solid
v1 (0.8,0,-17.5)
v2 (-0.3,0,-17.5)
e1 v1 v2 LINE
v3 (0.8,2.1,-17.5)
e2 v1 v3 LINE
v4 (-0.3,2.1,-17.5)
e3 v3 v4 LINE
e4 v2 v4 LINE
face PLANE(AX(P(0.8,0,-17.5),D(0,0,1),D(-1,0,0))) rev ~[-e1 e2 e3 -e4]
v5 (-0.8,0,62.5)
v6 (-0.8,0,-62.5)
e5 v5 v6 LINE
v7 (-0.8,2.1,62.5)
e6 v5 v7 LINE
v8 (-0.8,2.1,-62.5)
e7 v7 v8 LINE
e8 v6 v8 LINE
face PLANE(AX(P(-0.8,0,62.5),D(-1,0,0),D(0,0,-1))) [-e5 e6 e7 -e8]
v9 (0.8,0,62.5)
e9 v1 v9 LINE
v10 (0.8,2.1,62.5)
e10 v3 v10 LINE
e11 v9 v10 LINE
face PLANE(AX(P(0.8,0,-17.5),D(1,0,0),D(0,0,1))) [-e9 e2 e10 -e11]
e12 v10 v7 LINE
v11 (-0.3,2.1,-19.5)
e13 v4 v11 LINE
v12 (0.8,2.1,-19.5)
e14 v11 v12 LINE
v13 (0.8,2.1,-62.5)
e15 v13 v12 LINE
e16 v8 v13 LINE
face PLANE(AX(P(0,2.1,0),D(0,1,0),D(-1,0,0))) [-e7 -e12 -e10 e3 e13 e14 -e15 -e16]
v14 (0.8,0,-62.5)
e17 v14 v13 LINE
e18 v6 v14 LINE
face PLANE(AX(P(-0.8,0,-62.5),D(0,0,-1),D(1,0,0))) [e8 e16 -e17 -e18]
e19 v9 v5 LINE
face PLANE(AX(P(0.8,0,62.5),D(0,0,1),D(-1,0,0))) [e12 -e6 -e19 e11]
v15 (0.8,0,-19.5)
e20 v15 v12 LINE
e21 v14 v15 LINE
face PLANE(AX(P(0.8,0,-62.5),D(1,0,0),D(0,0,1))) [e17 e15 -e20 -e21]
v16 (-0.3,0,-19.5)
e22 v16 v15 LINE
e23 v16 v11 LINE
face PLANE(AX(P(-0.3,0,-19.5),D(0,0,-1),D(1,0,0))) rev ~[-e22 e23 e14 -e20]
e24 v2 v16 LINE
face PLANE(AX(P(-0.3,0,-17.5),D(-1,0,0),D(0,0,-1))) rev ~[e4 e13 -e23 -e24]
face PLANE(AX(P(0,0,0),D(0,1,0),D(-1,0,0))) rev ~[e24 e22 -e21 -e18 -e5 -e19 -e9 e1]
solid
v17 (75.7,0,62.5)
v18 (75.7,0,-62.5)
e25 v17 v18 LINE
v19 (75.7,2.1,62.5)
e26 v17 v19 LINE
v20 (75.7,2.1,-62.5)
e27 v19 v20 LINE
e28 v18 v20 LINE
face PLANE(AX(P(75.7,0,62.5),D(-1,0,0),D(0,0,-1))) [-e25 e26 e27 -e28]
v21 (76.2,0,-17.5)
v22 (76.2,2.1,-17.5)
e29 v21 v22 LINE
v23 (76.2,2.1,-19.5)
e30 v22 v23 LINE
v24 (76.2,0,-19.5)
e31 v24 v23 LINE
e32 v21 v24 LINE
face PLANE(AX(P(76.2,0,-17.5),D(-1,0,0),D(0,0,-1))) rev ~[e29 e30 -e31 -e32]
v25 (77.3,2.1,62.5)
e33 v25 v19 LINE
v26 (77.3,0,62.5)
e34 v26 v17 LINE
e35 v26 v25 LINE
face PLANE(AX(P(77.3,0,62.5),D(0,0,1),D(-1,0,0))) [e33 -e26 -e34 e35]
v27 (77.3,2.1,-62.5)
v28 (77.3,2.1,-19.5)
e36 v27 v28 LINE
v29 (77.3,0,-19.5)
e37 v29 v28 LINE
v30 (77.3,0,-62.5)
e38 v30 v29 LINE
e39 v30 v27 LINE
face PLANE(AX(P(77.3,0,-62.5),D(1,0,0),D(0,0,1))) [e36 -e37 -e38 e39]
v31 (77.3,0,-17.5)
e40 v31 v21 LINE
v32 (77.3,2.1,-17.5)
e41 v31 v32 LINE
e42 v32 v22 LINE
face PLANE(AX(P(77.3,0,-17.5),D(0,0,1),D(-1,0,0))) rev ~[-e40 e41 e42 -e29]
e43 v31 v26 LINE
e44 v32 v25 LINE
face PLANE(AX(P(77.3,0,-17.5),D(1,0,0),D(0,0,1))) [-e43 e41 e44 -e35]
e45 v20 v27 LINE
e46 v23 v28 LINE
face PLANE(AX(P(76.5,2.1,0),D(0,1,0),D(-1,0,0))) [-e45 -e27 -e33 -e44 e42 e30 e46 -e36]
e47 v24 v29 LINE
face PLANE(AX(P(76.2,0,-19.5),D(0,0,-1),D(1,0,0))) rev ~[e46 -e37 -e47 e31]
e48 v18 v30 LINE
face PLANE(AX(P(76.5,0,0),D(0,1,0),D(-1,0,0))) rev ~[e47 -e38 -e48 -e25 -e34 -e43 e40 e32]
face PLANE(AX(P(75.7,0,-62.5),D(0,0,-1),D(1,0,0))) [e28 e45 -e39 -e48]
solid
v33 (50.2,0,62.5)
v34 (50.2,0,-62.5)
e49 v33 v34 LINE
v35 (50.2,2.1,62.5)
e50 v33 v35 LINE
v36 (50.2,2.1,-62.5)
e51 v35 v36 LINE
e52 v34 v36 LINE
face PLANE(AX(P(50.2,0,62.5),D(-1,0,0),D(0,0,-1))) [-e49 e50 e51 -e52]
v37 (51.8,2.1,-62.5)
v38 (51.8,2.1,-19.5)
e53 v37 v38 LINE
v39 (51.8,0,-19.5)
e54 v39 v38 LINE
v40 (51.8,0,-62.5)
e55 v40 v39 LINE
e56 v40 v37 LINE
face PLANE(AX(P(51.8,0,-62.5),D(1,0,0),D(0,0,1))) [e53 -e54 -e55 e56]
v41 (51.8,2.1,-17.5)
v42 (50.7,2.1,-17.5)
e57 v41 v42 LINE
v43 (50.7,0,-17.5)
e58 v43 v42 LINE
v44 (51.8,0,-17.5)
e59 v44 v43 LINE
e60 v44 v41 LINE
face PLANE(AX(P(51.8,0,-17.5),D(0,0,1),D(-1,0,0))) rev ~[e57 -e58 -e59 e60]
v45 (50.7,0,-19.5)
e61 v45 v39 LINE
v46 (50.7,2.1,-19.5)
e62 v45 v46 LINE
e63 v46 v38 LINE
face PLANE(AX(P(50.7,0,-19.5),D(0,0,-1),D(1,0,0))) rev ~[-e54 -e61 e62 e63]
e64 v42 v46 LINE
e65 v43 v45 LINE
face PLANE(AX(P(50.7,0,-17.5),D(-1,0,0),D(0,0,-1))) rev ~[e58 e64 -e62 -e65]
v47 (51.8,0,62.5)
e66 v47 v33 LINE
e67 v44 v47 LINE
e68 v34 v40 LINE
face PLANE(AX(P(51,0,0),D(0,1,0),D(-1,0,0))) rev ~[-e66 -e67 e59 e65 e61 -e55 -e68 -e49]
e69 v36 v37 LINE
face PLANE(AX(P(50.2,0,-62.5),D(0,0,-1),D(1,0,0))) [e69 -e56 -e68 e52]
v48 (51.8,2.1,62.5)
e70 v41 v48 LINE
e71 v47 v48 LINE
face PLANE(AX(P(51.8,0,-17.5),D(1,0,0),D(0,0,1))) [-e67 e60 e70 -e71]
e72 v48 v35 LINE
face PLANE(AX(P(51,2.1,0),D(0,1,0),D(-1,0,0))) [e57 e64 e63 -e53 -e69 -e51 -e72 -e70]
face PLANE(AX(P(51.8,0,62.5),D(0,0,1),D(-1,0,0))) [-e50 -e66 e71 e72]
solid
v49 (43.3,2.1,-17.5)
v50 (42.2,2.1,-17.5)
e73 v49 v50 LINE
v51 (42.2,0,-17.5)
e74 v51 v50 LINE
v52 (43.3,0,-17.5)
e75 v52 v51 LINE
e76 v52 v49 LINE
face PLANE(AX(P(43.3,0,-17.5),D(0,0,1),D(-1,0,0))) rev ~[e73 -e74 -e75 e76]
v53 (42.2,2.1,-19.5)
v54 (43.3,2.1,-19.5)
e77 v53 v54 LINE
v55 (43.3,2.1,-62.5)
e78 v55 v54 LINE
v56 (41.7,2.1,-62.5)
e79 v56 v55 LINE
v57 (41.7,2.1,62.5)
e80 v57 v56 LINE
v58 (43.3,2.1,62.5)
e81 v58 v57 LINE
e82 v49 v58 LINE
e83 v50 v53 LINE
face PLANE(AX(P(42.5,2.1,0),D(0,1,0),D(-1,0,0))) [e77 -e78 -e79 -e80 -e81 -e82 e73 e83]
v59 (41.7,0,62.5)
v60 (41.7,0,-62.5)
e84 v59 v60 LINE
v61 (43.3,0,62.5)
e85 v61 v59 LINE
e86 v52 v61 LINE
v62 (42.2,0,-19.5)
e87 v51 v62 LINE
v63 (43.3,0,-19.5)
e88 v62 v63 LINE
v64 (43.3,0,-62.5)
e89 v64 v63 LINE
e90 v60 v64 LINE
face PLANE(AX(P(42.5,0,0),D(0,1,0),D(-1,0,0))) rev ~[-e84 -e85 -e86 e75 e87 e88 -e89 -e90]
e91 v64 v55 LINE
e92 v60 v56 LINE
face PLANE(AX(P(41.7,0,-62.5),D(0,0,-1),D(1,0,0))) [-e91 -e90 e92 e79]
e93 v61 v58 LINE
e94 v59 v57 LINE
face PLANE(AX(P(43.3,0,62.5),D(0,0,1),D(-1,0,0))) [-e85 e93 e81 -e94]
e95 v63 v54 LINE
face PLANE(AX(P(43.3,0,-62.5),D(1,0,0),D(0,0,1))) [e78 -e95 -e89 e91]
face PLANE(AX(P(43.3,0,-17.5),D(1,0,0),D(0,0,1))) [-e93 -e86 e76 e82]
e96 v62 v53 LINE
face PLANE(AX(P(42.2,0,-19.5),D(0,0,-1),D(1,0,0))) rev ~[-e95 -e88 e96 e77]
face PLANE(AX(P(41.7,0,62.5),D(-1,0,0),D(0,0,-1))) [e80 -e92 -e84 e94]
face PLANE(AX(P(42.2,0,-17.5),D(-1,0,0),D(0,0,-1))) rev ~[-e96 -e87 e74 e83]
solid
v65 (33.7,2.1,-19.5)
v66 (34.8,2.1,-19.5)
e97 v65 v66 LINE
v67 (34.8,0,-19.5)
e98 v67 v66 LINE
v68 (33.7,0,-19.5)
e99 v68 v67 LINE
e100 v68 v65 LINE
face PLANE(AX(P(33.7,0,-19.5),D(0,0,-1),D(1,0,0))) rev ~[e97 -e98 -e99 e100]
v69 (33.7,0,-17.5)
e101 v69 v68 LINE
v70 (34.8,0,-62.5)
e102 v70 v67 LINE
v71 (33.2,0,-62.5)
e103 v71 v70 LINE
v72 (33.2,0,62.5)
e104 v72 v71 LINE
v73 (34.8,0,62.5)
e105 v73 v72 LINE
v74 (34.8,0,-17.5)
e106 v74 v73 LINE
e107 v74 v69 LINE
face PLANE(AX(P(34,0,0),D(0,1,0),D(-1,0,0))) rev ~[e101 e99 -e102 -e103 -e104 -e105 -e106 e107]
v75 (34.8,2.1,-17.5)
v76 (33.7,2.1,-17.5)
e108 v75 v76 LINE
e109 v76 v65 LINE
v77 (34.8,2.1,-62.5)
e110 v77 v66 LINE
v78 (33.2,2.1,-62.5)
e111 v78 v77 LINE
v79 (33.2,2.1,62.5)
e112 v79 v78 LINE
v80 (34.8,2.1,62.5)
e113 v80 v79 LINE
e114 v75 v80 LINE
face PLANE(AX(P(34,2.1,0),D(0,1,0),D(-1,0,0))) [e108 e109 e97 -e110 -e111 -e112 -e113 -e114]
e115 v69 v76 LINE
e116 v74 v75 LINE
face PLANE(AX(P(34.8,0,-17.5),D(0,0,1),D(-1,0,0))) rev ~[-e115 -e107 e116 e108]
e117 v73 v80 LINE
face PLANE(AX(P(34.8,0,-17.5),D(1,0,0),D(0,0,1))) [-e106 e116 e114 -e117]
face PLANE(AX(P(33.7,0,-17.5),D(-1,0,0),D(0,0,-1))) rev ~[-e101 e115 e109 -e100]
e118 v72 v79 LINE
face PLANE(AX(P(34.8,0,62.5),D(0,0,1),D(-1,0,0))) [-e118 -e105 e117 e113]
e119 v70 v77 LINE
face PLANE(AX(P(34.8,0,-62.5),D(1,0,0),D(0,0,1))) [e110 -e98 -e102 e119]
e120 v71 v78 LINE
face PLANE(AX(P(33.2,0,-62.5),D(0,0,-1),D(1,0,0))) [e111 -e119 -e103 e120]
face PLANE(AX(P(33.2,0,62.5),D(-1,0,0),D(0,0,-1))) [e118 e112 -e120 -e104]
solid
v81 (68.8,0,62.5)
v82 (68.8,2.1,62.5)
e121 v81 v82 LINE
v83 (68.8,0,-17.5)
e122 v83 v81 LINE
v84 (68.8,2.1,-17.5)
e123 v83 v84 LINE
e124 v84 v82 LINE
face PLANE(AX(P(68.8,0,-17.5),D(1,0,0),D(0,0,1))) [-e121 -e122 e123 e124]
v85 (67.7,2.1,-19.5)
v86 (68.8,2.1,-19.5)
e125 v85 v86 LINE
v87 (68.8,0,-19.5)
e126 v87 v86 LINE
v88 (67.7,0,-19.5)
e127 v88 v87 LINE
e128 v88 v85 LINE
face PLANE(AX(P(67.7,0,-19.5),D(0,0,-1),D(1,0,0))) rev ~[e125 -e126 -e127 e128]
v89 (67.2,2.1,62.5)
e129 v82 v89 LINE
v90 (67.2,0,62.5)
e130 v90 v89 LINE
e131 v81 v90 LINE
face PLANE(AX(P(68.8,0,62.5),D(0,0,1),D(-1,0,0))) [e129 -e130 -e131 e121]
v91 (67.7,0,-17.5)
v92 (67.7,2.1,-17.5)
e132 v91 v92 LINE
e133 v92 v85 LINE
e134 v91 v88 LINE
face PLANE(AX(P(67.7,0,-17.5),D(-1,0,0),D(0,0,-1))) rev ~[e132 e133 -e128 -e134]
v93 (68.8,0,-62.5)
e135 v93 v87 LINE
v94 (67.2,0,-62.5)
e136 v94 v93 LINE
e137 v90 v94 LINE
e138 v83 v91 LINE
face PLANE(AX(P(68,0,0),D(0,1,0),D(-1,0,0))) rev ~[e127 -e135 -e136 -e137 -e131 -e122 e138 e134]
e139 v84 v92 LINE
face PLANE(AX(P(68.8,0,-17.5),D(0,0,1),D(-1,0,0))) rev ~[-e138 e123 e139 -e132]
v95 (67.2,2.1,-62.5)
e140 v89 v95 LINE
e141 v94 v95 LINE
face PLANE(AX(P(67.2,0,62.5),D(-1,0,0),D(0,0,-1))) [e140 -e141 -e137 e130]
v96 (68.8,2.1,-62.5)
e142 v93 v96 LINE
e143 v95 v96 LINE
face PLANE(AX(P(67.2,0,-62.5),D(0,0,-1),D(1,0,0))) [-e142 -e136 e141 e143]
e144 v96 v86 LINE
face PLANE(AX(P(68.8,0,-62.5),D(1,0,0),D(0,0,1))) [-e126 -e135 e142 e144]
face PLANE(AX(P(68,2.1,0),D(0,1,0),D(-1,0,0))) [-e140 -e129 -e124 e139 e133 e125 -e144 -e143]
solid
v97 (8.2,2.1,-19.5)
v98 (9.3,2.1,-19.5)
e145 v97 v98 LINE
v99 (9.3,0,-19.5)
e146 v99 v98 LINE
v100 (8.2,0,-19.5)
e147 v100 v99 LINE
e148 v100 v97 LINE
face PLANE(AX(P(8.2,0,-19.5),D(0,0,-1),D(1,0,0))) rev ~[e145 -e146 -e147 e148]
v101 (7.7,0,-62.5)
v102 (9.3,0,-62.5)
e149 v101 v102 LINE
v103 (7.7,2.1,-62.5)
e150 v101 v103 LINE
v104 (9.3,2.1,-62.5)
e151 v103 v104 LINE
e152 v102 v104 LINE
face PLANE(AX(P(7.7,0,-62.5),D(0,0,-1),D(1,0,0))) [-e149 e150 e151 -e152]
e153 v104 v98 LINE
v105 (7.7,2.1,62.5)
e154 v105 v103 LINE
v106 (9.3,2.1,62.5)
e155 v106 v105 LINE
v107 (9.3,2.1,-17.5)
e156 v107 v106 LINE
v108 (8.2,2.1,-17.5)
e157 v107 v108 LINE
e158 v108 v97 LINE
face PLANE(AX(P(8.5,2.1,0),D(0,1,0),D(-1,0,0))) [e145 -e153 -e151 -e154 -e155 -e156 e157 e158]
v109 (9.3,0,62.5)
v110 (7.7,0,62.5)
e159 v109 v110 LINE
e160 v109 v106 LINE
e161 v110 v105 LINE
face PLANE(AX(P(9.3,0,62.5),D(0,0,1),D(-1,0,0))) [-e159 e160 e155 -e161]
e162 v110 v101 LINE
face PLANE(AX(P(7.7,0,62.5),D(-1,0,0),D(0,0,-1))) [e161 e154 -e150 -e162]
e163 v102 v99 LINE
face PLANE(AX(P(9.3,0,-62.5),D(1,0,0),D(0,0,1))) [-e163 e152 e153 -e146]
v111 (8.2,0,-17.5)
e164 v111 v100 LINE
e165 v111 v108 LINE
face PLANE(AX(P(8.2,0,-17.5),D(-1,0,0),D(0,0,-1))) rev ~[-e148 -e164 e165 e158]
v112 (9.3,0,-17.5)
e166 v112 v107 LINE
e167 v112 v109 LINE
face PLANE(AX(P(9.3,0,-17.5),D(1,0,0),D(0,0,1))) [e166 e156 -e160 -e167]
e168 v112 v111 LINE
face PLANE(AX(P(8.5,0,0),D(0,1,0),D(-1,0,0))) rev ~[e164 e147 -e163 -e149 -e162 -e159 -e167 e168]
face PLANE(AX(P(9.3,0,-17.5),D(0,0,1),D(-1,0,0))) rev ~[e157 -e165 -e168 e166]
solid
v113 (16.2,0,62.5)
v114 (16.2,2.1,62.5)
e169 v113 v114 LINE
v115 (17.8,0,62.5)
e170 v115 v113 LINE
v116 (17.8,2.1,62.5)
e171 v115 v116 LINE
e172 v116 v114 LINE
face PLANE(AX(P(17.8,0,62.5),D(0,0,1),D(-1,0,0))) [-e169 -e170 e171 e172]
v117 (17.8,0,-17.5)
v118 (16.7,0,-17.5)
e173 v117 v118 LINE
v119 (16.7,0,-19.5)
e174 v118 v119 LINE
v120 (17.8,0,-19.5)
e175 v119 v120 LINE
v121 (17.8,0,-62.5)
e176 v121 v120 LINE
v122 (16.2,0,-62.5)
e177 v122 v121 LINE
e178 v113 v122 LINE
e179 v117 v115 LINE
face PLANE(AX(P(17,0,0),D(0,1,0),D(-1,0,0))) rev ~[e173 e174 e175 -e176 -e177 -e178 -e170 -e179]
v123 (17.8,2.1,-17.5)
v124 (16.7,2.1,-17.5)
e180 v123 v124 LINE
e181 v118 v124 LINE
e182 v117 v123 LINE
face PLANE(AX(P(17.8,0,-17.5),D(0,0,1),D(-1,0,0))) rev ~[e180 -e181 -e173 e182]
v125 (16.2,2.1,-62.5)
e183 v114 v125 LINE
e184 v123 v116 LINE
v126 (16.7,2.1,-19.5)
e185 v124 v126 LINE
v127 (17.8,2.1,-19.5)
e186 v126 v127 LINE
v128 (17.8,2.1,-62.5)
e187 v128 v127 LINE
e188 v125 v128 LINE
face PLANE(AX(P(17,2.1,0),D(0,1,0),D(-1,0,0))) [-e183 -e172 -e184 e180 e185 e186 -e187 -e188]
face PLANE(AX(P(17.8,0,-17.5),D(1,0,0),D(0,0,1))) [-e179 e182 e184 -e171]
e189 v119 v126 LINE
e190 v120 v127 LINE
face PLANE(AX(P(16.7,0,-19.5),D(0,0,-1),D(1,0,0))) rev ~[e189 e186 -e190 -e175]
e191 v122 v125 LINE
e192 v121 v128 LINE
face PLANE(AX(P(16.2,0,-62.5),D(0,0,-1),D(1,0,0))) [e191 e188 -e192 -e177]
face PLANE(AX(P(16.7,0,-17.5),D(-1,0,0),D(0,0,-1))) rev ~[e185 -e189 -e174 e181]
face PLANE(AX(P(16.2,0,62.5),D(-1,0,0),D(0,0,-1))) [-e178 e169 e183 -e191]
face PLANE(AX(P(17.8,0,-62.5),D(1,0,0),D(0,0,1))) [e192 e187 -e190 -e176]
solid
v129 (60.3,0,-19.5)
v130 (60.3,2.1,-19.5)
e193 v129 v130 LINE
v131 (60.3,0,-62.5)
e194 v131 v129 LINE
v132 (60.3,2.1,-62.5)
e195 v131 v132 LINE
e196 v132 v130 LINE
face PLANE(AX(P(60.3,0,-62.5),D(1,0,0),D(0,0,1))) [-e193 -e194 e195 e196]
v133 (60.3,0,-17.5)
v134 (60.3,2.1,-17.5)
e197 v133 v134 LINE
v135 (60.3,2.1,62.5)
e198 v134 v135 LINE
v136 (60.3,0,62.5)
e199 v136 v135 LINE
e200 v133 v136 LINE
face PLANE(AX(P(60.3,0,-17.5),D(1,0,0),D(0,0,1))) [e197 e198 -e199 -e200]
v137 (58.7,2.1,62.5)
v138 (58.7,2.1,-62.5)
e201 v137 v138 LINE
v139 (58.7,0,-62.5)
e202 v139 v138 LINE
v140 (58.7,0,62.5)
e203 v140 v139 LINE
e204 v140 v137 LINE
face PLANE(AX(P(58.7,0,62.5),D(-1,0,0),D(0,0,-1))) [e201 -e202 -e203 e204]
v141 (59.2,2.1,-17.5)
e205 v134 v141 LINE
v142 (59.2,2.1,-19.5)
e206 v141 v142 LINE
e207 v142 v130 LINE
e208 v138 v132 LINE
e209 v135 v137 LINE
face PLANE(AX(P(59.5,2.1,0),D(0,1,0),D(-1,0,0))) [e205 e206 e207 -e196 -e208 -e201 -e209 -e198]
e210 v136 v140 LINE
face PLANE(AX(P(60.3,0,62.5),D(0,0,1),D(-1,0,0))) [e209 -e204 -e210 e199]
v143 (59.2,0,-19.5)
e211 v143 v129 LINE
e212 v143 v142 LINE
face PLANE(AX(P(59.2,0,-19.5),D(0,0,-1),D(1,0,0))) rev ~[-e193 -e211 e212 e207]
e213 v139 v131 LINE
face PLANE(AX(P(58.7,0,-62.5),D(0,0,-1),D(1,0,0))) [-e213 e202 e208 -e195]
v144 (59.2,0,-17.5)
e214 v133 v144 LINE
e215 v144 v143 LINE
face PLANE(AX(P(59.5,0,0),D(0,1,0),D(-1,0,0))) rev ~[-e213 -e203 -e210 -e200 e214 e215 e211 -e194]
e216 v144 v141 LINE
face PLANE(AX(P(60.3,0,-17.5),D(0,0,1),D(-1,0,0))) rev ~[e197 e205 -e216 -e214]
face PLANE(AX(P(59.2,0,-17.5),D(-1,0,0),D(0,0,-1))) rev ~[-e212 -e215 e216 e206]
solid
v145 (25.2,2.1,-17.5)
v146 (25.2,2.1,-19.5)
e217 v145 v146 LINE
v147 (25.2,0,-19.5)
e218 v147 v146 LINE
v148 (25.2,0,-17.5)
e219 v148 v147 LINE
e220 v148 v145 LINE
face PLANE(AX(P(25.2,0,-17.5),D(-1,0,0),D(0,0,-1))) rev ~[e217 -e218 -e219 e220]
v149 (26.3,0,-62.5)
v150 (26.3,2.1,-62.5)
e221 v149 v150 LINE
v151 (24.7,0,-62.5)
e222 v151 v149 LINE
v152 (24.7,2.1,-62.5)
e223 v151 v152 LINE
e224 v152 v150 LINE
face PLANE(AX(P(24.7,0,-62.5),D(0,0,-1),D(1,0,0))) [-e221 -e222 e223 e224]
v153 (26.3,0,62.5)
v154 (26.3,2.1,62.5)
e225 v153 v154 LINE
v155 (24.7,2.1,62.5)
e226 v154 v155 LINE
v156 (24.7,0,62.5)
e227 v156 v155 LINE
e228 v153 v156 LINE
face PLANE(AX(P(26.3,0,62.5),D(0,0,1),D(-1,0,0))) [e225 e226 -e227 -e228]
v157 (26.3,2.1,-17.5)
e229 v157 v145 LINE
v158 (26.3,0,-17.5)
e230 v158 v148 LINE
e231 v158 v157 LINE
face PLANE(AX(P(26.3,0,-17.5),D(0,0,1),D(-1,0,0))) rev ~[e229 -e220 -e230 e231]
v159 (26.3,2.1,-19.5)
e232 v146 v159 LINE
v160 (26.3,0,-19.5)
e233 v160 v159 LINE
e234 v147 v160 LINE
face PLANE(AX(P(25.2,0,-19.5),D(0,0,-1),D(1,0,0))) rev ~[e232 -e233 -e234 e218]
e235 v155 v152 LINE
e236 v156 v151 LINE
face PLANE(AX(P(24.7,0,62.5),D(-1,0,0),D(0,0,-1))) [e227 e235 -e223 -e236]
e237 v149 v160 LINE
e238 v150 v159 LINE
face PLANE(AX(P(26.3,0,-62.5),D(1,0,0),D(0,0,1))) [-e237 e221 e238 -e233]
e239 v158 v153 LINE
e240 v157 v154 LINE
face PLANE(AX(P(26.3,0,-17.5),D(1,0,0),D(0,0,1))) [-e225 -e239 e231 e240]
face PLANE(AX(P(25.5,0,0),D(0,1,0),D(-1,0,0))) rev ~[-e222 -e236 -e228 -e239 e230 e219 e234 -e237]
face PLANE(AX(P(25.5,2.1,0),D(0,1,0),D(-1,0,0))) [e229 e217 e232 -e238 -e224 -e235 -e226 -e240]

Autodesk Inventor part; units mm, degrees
ref_plane "YZ Plane" through (0, 0, 0) normal (1, 0, 0) x (0, 1, 0)
ref_plane "XZ Plane" through (0, 0, 0) normal (0, 1, 0) x (-1, 0, 0)
ref_plane "XY Plane" through (0, 0, 0) normal (0, 0, 1) x (1, 0, 0)
sketch "Sketch1" plane through (0, 0, 0) normal (0, 1, 0) x (-1, 0, 0)
  line L0 (0.8, -62.5) -> (-0.8, -62.5)
  line L1 (-0.8, -62.5) -> (-0.8, 62.5)
  line L2 (-0.8, 62.5) -> (0.8, 62.5)
  line L3 (0.8, 62.5) -> (0.8, -62.5)
  line L4 (0.8, -62.5) -> (-0.8, 62.5) construction
  line L5 (-0.8, -62.5) -> (0.8, 62.5) construction
  line L6 (-0.8, -17.5) -> (0.3, -17.5)
  line L7 (0.3, -17.5) -> (0.3, -19.5)
  line L8 (0.3, -19.5) -> (-0.8, -19.5)
  line L9 (-0.8, -19.5) -> (-0.8, -17.5)
  point P0 (0, 0)
  point P1 (-0.8, -19.5)
  dimension "d0" = 125
  dimension "d1" = 1.6
  dimension "d3" = 2
  dimension "d4" = 80
  dimension "d10" = 0.5
extrude "Extrusion1" add sketch "Sketch1" along normal blind 2.1 contours L0 L1 L8 L7 L6 L2 L3
pattern_linear "Rectangular Pattern1" count 10 spacing 8.5 along (1, 0, 0) of "Extrusion1"
equation "\"base_add\" = 0.6"
properties part number "structure3"
